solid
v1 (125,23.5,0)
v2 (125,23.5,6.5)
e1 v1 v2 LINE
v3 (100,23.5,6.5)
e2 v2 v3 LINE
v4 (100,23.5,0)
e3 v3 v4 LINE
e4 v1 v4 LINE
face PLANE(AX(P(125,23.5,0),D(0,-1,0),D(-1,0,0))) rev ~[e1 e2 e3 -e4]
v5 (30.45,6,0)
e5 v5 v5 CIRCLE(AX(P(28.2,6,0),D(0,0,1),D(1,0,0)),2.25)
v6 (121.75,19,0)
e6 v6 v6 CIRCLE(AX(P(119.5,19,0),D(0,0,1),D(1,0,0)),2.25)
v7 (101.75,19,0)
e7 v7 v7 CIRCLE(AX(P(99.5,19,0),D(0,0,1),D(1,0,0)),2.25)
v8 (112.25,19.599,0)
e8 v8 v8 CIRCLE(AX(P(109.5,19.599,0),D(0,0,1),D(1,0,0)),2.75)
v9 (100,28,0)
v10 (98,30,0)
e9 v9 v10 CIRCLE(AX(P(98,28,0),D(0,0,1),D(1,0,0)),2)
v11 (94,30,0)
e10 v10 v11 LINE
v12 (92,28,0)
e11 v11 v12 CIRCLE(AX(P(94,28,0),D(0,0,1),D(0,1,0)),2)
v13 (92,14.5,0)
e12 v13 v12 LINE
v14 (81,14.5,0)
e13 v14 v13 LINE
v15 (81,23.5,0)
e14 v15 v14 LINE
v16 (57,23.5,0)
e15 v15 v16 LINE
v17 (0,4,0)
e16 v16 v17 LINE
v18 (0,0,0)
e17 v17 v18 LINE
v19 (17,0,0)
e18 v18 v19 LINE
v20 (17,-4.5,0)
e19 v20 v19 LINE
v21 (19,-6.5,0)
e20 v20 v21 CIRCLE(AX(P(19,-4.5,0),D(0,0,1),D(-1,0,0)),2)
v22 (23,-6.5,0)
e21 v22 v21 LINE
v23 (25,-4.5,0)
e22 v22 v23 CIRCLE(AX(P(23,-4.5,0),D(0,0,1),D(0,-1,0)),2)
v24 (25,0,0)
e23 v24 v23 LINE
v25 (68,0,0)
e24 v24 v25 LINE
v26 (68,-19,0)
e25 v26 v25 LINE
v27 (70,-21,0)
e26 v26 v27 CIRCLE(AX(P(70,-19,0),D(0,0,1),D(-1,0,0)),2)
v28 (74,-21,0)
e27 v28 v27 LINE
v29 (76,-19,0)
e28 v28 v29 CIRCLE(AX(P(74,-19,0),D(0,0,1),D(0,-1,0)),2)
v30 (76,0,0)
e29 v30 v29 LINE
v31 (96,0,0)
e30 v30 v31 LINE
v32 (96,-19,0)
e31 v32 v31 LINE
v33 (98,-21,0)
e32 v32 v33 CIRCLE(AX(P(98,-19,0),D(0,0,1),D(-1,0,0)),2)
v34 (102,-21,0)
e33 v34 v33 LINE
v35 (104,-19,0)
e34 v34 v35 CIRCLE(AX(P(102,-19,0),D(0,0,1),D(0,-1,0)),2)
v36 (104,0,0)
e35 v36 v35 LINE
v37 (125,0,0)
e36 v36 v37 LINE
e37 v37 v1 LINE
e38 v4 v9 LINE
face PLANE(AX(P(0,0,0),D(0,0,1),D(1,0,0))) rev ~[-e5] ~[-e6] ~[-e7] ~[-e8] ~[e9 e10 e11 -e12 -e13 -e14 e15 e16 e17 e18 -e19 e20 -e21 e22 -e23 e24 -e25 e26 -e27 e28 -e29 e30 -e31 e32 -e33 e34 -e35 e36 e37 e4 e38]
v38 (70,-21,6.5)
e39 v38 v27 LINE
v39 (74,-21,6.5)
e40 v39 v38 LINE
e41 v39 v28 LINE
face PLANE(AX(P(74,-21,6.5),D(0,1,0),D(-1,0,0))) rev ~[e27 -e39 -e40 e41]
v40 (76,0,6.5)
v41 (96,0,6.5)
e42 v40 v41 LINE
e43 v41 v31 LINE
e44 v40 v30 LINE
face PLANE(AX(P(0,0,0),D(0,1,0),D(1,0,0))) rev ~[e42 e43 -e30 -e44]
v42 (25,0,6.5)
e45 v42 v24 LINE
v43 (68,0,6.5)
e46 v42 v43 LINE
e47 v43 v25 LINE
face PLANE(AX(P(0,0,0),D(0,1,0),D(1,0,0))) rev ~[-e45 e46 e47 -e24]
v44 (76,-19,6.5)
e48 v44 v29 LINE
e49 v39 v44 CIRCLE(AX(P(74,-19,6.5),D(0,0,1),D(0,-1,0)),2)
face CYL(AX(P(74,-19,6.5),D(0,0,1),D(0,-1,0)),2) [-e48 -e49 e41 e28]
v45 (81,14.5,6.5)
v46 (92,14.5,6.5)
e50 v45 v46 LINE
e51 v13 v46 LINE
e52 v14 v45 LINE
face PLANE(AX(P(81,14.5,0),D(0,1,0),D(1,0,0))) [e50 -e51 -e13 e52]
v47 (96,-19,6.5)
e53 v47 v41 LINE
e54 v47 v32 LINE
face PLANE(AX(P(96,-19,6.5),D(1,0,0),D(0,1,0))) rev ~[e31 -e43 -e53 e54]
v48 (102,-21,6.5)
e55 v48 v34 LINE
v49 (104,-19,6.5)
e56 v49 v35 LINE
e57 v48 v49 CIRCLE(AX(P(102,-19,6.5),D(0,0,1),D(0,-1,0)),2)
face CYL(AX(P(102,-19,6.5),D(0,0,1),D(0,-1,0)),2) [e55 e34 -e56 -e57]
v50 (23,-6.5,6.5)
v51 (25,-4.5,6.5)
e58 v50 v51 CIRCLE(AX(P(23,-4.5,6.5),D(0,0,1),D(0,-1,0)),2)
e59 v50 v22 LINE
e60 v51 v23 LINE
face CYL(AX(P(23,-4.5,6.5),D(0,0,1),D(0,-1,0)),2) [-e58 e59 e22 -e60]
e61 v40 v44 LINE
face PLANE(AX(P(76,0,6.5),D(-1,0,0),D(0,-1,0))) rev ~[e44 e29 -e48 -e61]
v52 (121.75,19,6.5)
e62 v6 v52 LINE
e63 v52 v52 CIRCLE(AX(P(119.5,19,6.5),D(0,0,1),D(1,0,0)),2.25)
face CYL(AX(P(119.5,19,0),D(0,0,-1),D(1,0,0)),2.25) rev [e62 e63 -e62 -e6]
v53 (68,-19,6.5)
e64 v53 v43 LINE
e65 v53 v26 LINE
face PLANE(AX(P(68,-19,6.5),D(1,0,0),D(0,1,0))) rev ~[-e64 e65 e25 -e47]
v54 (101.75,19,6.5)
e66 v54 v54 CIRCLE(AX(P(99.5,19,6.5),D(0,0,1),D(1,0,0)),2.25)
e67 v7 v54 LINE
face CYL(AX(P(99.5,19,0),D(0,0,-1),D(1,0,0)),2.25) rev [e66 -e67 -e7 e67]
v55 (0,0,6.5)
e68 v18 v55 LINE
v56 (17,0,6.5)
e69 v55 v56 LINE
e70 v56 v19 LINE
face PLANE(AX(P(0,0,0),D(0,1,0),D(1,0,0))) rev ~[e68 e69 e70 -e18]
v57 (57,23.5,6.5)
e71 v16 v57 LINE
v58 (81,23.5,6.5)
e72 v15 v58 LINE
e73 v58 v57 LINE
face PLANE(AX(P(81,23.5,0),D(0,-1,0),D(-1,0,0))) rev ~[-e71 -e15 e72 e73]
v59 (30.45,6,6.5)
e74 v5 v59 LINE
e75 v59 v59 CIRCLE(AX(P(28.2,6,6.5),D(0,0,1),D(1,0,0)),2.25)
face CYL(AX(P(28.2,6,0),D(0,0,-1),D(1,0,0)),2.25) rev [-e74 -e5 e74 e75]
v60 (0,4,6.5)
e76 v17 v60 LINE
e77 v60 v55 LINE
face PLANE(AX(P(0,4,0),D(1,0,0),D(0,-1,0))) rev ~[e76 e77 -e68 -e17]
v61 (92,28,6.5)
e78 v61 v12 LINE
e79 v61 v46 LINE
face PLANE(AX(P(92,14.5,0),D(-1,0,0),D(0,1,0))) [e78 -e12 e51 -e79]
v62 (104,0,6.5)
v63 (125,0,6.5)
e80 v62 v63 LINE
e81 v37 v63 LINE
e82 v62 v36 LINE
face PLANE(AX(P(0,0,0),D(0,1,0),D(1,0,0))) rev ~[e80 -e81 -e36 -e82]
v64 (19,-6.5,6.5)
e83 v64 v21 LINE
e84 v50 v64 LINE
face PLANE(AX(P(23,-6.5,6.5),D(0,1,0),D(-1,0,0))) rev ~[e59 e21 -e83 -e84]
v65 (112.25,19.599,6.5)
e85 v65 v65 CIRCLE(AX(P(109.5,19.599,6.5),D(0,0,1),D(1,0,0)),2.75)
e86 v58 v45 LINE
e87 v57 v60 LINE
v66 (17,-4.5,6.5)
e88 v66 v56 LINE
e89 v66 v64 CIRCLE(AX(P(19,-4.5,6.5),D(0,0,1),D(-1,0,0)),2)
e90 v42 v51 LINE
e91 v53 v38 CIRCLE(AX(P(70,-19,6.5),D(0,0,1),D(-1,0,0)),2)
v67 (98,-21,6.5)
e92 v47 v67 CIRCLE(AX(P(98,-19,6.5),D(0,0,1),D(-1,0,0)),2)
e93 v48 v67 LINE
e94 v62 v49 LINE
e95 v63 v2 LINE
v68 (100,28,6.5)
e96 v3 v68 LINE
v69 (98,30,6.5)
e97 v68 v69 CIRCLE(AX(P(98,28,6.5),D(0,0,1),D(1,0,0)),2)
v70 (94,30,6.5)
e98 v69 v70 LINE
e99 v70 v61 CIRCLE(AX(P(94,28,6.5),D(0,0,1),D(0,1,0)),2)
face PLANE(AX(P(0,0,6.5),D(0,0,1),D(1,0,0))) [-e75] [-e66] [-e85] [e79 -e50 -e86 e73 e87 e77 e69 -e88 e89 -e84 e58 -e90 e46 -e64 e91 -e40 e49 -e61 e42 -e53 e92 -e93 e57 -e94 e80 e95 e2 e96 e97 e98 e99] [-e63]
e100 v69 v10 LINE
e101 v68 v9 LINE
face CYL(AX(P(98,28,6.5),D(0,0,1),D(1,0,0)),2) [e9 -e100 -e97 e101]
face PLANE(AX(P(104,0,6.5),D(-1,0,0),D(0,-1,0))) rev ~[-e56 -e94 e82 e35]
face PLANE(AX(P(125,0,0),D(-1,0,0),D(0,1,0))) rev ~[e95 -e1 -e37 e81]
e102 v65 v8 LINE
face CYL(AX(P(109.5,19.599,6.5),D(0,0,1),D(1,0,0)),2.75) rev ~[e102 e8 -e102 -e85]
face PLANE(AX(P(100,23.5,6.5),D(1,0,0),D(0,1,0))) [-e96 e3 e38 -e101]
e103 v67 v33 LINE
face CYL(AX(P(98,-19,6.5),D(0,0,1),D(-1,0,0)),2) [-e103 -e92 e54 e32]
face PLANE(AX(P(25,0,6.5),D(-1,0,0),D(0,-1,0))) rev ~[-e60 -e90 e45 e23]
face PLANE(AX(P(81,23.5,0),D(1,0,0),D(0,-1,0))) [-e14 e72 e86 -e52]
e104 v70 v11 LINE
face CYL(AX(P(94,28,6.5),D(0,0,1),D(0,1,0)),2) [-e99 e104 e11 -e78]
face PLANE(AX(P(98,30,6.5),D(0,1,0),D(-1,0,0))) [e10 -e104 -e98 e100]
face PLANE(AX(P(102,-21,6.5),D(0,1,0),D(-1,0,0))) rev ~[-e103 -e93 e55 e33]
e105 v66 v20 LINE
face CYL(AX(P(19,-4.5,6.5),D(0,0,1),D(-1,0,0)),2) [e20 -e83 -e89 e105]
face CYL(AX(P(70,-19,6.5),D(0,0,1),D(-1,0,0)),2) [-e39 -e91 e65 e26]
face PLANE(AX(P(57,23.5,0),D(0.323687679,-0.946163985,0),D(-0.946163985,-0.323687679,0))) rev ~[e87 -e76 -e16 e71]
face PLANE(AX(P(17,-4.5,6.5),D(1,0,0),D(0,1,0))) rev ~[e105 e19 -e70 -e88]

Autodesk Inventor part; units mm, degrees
ref_plane "YZ Plane" through (0, 0, 0) normal (1, 0, 0) x (0, 1, 0)
ref_plane "XZ Plane" through (0, 0, 0) normal (0, 1, 0) x (-1, 0, 0)
ref_plane "XY Plane" through (0, 0, 0) normal (0, 0, 1) x (1, 0, 0)
sketch "Sketch1" plane through (0, 0, 0) normal (0, 0, 1) x (1, 0, 0)
  line L0 (0, 4) -> (0, 0)
  line L1 (0, 0) -> (125, 0)
  line L2 (125, 0) -> (125, 23.5)
  line L3 (57, 23.5) -> (0, 4)
  line L4 (81, 23.5) -> (81, 14.5)
  line L5 (81, 14.5) -> (92, 14.5)
  line L6 (92, 14.5) -> (92, 23.5)
  line L7 (125, 23.5) -> (92, 23.5)
  line L8 (81, 23.5) -> (57, 23.5)
  circle A0 centre (99.5, 19) radius 2.25
  circle A1 centre (119.5, 19) radius 2.25
  circle A2 centre (28.2, 6) radius 2.25
  circle A3 centre (28.2, 6) radius 4.5 construction
  point P0 (92, 19)
  dimension "d0" = 4
  dimension "d1" = 125
  dimension "d2" = 9
  dimension "d3" = 11
  dimension "d4" = 33
  dimension "d5" = 24
  dimension "d6" = 23.5
  dimension "d7" = 4.5
  dimension "d8" = 4.5
  dimension "d9" = 5.5
  dimension "d10" = 20
  dimension "d11" = 4.5
  dimension "d12" = 9
  dimension "d13" = 6
  dimension "d14" = 28.2
extrude "Extrusion1" add sketch "Sketch1" along normal blind 6.5
sketch "Sketch2" plane through (0, 0, 6.5) normal (0, 0, 1) x (1, 0, 0)
  line L0 (0, 0) -> (125, 0) projected
  line L1 (125, 23.5) -> (92, 23.5) projected
  line L2 (17, 0) -> (25, 0)
  line L3 (25, 0) -> (25, -4.5)
  line L4 (23, -6.5) -> (19, -6.5)
  line L5 (17, -4.5) -> (17, 0)
  line L6 (96, 0) -> (104, 0)
  line L7 (104, 0) -> (104, -19)
  line L8 (102, -21) -> (98, -21)
  line L9 (96, -19) -> (96, 0)
  line L10 (68, 0) -> (76, 0)
  line L11 (76, 0) -> (76, -19)
  line L12 (74, -21) -> (70, -21)
  line L13 (68, -19) -> (68, 0)
  line L14 (92, 23.5) -> (100, 23.5)
  line L15 (100, 23.5) -> (100, 28)
  line L16 (98, 30) -> (94, 30)
  line L17 (92, 28) -> (92, 23.5)
  arc A0 (17, -4.5) -> (19, -6.5) centre (19, -4.5) ccw
  arc A1 (23, -6.5) -> (25, -4.5) centre (23, -4.5) ccw
  arc A2 (96, -19) -> (98, -21) centre (98, -19) ccw
  arc A3 (102, -21) -> (104, -19) centre (102, -19) ccw
  arc A4 (68, -19) -> (70, -21) centre (70, -19) ccw
  arc A5 (74, -21) -> (76, -19) centre (74, -19) ccw
  arc A6 (94, 30) -> (92, 28) centre (94, 28) ccw
  arc A7 (100, 28) -> (98, 30) centre (98, 28) ccw
  line L18 (92, 23.5) -> (92, 14.5) projected
  dimension "d17" = 2
  dimension "d18" = 17
  dimension "d20" = 8
  dimension "d21" = 8
  dimension "d22" = 8
  dimension "d24" = 6.5
  dimension "d25" = 43
  dimension "d26" = 20
  dimension "d29" = 8
  dimension "d40" = 6.5
  dimension "d41" = 2
  dimension "d42" = 2
  dimension "d45" = 21
sketch "Sketch3" plane through (0, 0, 6.5) normal (0, 0, 1) x (1, 0, 0)
  circle A0 centre (119.5, 19) radius 2.25 projected
  circle A1 centre (109.5, 19.599) radius 2.75
  circle A2 centre (86.5, 19.599) radius 7.5 construction
  dimension "d35" = 5.5
  dimension "d36" = 15
  dimension "d37" = 10
extrude "Extrusion3" cut sketch "Sketch3" against normal blind 6.5 contours A1
extrude "Extrusion4" add sketch "Sketch2" against normal blind 6.5
properties part number "x_motor_upper_nut_stop"
